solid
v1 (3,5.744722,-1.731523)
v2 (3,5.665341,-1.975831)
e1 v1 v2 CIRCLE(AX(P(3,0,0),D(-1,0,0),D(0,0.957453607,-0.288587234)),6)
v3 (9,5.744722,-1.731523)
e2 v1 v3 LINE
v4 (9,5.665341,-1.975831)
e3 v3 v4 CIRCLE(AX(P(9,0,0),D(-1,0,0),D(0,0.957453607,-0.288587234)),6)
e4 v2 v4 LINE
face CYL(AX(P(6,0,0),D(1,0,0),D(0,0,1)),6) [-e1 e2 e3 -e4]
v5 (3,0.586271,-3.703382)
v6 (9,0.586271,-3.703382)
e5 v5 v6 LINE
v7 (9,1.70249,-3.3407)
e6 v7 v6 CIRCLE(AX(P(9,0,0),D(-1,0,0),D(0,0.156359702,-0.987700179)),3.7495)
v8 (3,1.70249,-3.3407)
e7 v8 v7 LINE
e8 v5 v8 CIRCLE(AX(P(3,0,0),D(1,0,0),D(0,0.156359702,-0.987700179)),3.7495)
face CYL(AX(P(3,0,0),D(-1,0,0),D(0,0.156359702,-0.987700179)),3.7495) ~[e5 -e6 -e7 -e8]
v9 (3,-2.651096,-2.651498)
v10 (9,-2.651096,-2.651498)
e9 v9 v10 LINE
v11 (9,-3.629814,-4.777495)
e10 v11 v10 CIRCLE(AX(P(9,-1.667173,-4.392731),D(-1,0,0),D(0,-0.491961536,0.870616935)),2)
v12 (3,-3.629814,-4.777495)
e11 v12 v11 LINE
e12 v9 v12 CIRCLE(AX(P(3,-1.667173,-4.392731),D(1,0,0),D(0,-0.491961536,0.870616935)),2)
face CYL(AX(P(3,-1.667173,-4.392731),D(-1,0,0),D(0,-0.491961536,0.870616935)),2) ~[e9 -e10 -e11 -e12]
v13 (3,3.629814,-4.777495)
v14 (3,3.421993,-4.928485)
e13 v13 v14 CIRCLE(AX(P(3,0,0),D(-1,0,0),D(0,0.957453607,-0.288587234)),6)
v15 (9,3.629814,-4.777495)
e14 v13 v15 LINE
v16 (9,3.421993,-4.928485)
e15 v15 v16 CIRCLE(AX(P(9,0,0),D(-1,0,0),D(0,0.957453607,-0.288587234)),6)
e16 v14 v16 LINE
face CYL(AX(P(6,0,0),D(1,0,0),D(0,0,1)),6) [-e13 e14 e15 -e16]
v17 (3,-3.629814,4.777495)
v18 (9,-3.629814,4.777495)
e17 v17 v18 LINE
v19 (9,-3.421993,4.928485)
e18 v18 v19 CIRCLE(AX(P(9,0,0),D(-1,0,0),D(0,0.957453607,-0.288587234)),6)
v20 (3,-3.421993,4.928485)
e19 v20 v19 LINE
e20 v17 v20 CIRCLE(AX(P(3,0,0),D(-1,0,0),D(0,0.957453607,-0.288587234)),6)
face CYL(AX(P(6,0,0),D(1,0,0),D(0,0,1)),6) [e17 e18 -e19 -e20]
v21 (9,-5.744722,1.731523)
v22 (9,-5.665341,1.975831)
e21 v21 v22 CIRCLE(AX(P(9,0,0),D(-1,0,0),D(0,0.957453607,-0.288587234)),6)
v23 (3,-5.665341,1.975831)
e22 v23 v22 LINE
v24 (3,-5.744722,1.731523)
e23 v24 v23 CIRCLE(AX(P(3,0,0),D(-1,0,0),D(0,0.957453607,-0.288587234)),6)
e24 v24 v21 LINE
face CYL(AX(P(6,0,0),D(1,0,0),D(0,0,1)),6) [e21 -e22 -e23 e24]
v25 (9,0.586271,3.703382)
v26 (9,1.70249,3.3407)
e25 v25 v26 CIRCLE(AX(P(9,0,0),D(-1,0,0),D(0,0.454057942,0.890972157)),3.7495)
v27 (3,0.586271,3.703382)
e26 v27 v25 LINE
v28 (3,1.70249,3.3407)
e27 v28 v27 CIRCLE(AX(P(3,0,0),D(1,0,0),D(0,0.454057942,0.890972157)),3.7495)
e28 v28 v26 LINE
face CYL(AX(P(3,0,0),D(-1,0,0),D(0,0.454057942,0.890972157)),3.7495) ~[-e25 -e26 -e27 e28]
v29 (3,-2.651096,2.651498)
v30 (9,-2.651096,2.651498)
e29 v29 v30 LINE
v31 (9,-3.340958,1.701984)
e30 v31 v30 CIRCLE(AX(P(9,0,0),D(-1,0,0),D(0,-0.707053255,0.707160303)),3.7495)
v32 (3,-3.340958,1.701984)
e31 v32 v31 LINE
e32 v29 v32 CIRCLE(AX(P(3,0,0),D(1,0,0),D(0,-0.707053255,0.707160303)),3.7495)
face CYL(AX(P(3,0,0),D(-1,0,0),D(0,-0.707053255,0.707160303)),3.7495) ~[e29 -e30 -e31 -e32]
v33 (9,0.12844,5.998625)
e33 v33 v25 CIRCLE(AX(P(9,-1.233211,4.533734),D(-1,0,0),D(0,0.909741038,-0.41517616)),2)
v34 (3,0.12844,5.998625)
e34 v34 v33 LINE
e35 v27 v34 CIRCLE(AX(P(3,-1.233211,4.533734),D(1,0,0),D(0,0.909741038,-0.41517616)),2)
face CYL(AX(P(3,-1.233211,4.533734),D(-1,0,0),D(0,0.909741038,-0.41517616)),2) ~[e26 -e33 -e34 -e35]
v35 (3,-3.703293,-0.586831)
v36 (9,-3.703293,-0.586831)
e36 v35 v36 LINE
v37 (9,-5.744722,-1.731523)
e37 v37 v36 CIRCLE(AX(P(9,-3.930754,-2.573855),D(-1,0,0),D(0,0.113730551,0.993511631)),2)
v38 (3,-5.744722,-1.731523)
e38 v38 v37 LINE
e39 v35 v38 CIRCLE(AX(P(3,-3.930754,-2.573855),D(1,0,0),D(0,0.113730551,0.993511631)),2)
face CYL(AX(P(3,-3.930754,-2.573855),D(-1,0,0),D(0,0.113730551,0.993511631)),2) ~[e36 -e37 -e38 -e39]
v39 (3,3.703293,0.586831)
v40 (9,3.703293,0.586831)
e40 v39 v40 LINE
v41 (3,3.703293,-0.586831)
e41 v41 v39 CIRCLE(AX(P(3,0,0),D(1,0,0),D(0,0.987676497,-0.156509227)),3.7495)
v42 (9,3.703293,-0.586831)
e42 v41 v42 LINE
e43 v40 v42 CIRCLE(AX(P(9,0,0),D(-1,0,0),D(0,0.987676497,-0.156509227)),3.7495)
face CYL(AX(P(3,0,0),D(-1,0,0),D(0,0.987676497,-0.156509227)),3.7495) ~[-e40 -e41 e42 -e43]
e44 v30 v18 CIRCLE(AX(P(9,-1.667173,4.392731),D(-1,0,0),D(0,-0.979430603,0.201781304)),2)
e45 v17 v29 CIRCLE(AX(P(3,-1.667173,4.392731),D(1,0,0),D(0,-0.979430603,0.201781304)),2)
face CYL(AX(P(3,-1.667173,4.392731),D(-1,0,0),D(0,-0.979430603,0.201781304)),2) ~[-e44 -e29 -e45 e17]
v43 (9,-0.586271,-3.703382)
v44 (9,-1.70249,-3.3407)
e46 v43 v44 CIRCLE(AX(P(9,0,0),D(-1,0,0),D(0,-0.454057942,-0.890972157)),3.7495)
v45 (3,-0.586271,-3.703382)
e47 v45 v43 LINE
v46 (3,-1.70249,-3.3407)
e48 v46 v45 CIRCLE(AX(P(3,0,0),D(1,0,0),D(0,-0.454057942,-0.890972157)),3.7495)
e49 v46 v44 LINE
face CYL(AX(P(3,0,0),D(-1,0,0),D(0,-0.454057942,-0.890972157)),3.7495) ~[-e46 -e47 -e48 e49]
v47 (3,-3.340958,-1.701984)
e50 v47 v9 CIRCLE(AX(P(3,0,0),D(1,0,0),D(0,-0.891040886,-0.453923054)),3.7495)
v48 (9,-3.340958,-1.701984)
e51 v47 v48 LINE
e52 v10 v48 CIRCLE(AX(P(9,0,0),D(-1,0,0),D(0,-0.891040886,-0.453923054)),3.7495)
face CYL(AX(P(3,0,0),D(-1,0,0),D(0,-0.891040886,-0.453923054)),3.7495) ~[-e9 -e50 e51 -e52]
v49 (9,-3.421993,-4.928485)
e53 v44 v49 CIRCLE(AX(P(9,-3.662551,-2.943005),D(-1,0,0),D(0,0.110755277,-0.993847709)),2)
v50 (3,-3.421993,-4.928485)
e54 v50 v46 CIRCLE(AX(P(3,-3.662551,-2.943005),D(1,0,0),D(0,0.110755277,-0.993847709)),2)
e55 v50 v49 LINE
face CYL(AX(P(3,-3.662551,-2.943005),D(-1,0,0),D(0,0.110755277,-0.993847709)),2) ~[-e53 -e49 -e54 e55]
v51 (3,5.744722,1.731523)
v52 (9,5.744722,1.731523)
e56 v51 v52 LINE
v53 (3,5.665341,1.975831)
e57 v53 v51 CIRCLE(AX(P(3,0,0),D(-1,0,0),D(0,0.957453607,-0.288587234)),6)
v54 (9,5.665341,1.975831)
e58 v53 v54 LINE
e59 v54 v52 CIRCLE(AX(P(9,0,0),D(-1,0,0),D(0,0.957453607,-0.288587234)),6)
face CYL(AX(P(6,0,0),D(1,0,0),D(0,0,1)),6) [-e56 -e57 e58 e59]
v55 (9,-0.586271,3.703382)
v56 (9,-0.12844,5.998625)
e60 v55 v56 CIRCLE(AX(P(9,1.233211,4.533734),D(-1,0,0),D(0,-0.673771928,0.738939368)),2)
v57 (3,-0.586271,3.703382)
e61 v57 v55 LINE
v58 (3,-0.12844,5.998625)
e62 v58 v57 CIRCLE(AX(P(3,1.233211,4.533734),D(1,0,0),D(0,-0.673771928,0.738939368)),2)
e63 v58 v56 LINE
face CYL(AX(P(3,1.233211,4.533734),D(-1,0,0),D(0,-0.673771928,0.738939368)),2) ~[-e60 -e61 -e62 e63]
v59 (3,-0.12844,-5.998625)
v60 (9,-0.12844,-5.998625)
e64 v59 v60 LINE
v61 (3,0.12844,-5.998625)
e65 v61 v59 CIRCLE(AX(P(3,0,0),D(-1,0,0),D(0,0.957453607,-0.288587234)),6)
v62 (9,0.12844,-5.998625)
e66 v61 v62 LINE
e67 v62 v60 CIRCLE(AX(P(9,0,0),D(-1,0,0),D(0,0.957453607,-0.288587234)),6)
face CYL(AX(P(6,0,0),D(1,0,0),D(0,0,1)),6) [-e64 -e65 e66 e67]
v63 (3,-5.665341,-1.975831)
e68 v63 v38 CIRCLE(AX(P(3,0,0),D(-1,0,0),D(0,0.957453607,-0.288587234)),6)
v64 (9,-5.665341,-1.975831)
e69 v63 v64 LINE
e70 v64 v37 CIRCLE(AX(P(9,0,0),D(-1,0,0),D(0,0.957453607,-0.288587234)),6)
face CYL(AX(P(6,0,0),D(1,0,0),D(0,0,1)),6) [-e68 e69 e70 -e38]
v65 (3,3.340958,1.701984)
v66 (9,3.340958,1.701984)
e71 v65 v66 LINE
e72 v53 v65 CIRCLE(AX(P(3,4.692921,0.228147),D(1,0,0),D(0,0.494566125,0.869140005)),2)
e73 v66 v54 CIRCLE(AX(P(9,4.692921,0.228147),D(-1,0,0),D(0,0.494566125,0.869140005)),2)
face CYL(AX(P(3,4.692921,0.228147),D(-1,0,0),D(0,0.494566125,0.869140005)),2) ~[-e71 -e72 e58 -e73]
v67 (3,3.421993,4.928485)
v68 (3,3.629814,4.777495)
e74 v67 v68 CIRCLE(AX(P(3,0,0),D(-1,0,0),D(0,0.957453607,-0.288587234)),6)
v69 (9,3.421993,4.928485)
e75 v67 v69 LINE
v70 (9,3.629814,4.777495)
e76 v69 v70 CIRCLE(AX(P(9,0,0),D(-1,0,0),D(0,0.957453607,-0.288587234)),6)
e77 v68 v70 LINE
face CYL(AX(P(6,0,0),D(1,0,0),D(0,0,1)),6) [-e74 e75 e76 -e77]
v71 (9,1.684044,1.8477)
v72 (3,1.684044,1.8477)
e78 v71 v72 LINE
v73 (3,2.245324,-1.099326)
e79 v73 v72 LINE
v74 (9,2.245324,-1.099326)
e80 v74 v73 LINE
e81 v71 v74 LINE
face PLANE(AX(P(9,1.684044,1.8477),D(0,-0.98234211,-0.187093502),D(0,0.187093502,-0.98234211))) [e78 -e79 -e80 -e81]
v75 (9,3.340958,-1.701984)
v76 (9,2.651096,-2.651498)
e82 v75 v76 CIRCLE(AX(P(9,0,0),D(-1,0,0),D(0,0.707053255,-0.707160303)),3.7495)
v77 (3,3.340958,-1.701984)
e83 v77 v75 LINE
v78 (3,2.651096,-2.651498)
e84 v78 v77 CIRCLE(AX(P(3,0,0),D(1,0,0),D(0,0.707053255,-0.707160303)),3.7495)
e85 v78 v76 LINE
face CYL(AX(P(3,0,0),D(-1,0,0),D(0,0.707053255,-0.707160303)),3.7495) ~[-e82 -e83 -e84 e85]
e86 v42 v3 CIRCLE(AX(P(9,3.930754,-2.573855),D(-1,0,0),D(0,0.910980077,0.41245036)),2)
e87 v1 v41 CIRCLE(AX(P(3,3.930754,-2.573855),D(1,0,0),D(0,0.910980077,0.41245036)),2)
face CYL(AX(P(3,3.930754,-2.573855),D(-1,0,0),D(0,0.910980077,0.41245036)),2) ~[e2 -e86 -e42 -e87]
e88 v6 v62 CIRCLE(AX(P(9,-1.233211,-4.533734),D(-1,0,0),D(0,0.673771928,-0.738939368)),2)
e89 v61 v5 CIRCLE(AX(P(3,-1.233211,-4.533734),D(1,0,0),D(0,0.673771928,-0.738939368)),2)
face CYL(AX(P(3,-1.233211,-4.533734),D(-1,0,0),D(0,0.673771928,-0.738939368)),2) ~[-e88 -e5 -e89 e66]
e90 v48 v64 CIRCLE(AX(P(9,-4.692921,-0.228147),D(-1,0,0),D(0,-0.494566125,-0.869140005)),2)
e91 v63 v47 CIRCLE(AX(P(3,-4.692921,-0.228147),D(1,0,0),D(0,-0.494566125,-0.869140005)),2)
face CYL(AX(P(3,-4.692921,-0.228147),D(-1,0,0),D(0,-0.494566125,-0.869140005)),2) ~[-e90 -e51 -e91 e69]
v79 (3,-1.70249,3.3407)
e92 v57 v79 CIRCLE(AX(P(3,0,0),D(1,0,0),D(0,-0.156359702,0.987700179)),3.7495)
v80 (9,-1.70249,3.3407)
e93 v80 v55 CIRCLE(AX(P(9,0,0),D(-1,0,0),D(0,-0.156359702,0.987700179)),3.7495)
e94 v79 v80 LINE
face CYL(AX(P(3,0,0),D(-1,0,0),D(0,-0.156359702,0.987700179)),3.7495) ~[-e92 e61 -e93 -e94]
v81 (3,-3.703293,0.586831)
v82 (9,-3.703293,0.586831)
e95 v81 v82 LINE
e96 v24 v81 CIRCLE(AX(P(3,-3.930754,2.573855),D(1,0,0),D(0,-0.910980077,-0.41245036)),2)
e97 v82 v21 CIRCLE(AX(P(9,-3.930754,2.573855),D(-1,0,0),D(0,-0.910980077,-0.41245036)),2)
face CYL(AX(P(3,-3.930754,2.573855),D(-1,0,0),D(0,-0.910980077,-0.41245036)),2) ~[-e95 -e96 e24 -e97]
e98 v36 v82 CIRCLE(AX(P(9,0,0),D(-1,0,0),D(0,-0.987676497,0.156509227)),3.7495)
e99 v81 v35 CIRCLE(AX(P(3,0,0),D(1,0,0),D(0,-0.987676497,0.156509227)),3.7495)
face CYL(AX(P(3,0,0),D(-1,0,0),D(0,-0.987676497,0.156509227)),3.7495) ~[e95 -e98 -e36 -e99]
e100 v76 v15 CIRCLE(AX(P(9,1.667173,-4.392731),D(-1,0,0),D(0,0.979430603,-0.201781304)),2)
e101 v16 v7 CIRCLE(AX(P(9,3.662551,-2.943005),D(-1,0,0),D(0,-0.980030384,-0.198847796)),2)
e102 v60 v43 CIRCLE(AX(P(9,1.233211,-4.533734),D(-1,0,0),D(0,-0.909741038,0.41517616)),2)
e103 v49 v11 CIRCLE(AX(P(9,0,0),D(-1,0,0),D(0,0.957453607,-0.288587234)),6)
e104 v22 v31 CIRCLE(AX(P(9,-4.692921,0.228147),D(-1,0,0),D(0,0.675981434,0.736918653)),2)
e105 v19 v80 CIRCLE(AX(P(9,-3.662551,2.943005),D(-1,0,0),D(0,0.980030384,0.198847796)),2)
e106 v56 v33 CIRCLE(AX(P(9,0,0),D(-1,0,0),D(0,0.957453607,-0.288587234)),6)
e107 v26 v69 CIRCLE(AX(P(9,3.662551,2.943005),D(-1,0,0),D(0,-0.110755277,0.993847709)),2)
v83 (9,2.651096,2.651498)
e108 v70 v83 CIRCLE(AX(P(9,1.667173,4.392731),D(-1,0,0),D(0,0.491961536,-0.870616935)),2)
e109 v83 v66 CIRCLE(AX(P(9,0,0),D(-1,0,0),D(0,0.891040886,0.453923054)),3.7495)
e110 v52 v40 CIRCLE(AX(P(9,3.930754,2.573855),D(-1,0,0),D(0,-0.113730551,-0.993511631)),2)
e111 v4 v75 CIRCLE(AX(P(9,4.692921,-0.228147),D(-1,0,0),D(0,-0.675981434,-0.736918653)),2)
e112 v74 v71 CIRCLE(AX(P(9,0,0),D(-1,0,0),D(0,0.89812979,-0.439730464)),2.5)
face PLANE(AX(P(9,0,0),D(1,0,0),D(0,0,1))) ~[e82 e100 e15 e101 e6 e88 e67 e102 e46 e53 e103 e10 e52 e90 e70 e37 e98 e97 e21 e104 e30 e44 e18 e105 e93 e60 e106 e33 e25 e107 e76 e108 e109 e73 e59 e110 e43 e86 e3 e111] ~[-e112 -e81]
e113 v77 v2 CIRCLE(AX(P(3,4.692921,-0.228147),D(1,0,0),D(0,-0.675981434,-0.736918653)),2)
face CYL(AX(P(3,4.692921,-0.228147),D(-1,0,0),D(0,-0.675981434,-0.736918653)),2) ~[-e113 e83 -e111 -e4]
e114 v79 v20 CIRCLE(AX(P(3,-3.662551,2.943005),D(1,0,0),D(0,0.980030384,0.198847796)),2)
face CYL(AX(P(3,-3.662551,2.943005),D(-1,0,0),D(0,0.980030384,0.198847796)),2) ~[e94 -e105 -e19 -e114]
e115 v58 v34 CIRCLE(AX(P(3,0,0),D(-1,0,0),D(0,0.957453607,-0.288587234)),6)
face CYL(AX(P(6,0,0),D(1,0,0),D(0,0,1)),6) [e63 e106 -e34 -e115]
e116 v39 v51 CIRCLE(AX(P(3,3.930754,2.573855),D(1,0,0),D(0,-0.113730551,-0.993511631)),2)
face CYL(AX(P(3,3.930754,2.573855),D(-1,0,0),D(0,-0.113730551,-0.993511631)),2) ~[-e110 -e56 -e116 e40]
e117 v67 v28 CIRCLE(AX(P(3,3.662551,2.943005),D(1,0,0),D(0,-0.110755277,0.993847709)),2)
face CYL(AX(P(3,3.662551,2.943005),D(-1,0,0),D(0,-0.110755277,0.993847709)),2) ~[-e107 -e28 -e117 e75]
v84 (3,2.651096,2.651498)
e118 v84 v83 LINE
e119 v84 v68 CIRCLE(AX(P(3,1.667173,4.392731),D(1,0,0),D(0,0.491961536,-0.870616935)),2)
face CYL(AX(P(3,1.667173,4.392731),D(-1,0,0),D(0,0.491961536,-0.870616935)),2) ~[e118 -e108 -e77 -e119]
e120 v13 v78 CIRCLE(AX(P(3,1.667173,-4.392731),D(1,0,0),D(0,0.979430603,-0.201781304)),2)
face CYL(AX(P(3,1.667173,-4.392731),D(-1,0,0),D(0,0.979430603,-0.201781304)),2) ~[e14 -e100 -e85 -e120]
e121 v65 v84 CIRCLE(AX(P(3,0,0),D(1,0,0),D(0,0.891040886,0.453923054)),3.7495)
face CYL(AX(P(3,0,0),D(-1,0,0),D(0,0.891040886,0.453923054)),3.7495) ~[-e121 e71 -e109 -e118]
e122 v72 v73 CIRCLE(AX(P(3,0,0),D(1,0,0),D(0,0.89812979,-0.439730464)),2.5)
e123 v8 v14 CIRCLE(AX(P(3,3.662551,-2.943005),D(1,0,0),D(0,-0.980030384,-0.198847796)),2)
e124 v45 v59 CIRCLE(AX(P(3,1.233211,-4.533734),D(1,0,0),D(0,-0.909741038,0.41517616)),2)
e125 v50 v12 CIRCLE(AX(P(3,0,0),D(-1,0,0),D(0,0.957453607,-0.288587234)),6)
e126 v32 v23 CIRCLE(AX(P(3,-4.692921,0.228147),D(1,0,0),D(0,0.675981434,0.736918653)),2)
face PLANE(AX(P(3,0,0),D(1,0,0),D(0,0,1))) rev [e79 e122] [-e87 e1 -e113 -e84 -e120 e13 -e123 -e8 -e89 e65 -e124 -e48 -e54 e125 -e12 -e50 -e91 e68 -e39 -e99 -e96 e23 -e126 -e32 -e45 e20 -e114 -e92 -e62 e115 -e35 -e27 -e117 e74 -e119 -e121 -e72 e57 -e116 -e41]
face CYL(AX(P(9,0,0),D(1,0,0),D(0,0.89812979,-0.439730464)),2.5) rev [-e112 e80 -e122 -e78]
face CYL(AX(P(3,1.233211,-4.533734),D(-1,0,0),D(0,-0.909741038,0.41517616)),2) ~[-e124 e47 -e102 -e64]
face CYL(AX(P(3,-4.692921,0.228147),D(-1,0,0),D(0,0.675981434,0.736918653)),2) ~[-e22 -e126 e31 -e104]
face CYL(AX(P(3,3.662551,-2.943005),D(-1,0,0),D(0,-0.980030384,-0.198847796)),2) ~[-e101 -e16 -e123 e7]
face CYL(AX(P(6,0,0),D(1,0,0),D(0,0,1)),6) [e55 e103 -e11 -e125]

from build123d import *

# Parameters (mm, degrees)
BASPROSKE_W        = 12
BASPROSKE_H        = 12
TOOTHCUT_DEPTH     = 21.784609691
TEETHCUTS_COUNT    = 10
TEETHCUTS_ANGLE    = 324
BORSKE_R           = 0.4
BORE_DEPTH         = 50.0000508
SCALE1_SCALE       = 0.5
CUT_EXTRUDE1_DEPTH = 11.2470399


with BuildPart() as part:
    # BasProSke → Base-Revolve (revolve)
    with BuildSketch(Plane(origin=(0, 0, 0), x_dir=(1, 0, 0), z_dir=(0, 1, 0)), mode=Mode.PRIVATE) as base_revolve_sk:
        with Locations((6, 6)):
            Rectangle(BASPROSKE_W, BASPROSKE_H)
    revolve(base_revolve_sk.sketch.rotate(Axis((-10, 0, 0), (1, 0, 0)), 180), axis=Axis((-10, 0, 0), (1, 0, 0)))

    # TooCutSke → ToothCut (cut, through all)
    with BuildSketch(Plane(origin=(0, 0, 0), x_dir=(0, 0, -1), z_dir=(1, 0, 0))):
        with BuildLine():
            ThreePointArc((1.173662691, 7.406586048), (0, 7.499), (-1.173662691, 7.406586048))
            ThreePointArc((-1.173662691, 7.406586048), (-1.668191438, 9.834565786), (-3.497907776, 11.50542856))
            ThreePointArc((-3.497907776, 11.50542856), (0, 12.0254), (3.497907776, 11.50542856))
            ThreePointArc((3.497907776, 11.50542856), (1.668191438, 9.834565786), (1.173662691, 7.406586048))
        make_face()
    toothcut = extrude(amount=TOOTHCUT_DEPTH, mode=Mode.SUBTRACT)

    # TeethCuts: ToothCut ×10 about axis
    teethcuts_axis = Axis((-10, 0, 0), (1, 0, 0))
    for i in range(1, TEETHCUTS_COUNT):
        add(toothcut.rotate(teethcuts_axis, i * TEETHCUTS_ANGLE / (TEETHCUTS_COUNT - 1)), mode=Mode.SUBTRACT)

    # BorSke → Bore (cut, symmetric)
    with BuildSketch(Plane(origin=(0, 0, 0), x_dir=(0, 0, -1), z_dir=(1, 0, 0))):
        with Locations(Location((0, 0, 0), (0, 0, 180))):
            Circle(BORSKE_R)
    extrude(amount=BORE_DEPTH, both=True, mode=Mode.SUBTRACT)


with BuildPart() as part_1:
    # Scale1: scaled about (6, 0, 0)
    add(part.part.scale(SCALE1_SCALE).moved(Location((3, 0, 0))))

    # Sketch2 → Cut-Extrude1 (cut, through all)
    with BuildSketch(Plane(origin=(9, 0, 0), x_dir=(0, 0, -1), z_dir=(1, 0, 0))):
        with BuildLine():
            Line((-1.84770017, 1.684043967), (1.09932616, 2.245324474))
            ThreePointArc((1.09932616, 2.245324474), (0.467733756, -2.455855275), (-1.84770017, 1.684043967))
        make_face()
    extrude(amount=-CUT_EXTRUDE1_DEPTH, mode=Mode.SUBTRACT)


solid = part_1.part
